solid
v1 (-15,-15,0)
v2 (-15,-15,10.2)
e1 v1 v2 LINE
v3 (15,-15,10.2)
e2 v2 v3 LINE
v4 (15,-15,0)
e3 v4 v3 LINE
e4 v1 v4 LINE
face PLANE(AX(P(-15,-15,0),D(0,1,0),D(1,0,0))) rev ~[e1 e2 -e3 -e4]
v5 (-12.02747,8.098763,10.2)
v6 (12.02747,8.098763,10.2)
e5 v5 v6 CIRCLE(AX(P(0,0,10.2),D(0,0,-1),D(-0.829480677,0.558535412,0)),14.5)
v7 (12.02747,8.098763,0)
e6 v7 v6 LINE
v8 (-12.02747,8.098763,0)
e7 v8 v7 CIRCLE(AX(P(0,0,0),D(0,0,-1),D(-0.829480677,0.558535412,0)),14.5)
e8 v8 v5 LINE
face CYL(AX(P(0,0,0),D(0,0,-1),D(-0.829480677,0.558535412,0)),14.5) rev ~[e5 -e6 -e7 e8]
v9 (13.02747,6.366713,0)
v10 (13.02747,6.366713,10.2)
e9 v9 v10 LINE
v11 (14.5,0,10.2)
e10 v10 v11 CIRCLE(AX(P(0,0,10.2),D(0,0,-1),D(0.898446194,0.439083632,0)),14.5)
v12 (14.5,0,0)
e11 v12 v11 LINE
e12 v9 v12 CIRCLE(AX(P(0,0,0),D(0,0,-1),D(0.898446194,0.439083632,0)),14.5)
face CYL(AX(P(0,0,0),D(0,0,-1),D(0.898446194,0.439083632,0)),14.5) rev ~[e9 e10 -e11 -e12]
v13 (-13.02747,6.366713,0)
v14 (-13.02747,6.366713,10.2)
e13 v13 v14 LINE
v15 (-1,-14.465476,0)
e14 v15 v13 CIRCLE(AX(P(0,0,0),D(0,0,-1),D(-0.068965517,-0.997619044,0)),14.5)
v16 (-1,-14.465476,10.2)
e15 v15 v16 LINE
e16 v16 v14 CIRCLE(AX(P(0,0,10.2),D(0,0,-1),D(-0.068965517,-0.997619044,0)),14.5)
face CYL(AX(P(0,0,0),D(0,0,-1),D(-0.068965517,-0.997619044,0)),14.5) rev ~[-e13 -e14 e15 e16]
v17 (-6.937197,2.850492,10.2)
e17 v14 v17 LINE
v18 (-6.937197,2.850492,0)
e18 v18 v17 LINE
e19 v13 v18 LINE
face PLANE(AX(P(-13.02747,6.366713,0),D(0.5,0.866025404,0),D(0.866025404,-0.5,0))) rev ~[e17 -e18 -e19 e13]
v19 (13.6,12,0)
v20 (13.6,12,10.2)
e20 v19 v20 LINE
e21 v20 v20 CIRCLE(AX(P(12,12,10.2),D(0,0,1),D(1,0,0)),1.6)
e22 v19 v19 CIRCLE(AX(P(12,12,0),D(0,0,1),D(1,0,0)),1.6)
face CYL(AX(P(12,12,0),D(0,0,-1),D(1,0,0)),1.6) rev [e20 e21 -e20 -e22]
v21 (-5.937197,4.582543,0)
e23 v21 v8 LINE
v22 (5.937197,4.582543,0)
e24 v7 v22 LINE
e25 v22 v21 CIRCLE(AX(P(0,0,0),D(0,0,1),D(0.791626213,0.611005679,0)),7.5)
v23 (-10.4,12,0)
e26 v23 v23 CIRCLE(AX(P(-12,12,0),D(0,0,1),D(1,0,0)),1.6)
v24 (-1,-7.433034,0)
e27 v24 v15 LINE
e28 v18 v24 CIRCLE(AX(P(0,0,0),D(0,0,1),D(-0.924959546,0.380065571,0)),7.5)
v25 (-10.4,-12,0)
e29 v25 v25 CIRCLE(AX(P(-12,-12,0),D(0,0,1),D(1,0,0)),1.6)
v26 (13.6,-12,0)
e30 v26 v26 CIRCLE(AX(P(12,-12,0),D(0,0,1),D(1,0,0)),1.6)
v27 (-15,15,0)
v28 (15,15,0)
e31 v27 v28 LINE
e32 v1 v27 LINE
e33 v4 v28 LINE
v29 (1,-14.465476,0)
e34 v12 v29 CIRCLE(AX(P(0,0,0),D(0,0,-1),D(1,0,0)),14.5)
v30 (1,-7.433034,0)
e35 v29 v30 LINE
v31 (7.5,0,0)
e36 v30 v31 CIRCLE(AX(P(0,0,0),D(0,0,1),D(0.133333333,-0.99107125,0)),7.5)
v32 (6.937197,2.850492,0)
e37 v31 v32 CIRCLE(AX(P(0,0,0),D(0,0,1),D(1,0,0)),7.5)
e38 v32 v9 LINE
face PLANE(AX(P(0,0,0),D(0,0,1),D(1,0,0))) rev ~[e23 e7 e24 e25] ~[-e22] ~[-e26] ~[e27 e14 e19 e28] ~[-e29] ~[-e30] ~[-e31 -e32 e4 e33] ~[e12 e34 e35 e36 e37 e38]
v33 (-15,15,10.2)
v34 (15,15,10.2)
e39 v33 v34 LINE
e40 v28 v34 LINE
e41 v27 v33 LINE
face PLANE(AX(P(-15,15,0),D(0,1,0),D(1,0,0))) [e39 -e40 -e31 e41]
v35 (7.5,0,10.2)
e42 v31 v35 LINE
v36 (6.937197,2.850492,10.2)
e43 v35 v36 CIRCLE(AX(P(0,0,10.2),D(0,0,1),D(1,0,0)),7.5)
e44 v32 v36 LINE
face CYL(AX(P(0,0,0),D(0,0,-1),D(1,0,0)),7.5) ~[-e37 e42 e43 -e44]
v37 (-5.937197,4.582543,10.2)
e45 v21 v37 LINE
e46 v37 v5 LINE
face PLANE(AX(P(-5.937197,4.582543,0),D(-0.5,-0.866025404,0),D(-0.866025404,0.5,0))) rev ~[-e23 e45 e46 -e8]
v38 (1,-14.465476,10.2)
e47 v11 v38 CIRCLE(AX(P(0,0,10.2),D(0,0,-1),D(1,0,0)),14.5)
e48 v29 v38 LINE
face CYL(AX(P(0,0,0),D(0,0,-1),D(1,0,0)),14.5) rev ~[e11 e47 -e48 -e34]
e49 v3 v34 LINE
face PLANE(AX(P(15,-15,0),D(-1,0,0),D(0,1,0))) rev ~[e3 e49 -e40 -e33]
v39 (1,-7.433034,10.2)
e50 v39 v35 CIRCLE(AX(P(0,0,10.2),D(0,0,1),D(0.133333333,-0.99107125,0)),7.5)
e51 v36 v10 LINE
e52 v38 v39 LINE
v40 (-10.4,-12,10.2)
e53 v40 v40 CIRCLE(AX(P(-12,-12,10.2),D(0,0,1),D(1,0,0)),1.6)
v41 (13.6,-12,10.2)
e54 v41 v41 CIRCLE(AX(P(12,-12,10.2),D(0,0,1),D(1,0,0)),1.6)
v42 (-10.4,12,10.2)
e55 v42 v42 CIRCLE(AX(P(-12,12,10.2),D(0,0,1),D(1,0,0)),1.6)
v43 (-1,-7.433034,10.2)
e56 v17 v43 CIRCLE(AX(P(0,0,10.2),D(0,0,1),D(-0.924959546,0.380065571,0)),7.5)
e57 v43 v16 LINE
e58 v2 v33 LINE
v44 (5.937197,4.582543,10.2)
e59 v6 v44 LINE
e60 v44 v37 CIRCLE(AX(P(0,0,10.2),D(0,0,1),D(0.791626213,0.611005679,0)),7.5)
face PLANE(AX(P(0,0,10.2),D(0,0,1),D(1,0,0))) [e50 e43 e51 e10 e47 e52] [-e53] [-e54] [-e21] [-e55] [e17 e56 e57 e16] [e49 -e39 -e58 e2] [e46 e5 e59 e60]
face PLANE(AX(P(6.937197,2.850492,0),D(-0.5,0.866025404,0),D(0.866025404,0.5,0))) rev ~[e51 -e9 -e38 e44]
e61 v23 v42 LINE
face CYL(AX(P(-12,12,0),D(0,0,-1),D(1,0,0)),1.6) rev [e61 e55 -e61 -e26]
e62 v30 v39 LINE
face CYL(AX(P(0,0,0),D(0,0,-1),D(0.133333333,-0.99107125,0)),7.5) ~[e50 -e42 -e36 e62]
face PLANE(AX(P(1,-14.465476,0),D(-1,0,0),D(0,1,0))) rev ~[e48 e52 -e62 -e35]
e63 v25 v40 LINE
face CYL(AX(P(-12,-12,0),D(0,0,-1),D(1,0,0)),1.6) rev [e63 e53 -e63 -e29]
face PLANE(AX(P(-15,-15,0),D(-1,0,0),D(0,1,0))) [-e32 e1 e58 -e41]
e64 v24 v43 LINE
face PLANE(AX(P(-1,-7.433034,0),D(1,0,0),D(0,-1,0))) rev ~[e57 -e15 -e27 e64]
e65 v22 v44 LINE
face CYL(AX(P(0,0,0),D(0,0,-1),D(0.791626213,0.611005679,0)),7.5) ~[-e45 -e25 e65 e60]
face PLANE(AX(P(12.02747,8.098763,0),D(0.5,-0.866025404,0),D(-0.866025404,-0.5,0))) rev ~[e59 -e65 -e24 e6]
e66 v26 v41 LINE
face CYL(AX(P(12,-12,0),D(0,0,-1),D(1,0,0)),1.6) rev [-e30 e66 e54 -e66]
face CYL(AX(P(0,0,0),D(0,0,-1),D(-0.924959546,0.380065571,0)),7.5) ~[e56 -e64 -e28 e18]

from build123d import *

# Parameters (mm, degrees)
F0_W     = 30
F0_H     = 30
F0_R     = 1.6
F1_DEPTH = 10.2


with BuildPart() as f1:
    # F0 (on Top) → F1 (new body)
    with BuildSketch(Plane.XY):
        Rectangle(F0_W, F0_H)
        with Locations((-12, -12)):
            Circle(F0_R, mode=Mode.SUBTRACT)
        with Locations((12, -12)):
            Circle(F0_R, mode=Mode.SUBTRACT)
        with Locations((-12, 12)):
            Circle(F0_R, mode=Mode.SUBTRACT)
        with BuildLine():
            ThreePointArc((13.0274698164, 6.366712667), (14.1270717478, 3.2673909823), (14.5, 0))
            ThreePointArc((14.5, 0), (10.6007075236, -9.8931794687), (1, -14.4654761415))
            Line((1, -14.4654761415), (1, -14.5))
            Line((1, -14.5), (0, -14.5))
            Line((0, -14.5), (-1, -14.5))
            Line((-1, -14.5), (-1, -14.4654761415))
            ThreePointArc((-1, -14.4654761415), (-12.5573683549, -7.25), (-13.0274698164, 6.366712667))
            Line((-13.0274698164, 6.366712667), (-13.0573683549, 6.3839745962))
            Line((-13.0573683549, 6.3839745962), (-12.5573697637, 7.2499975598))
            Line((-12.5573697637, 7.2499975598), (-12.0573683549, 8.1160254038))
            Line((-12.0573683549, 8.1160254038), (-12.0274698164, 8.0987634745))
            ThreePointArc((-12.0274698164, 8.0987634745), (0, 14.5), (12.0274698164, 8.0987634745))
            Line((12.0274698164, 8.0987634745), (12.0573683549, 8.1160254038))
            Line((12.0573683549, 8.1160254038), (12.5573697634, 7.2499975604))
            Line((12.5573697634, 7.2499975604), (13.0573683549, 6.3839745962))
            Line((13.0573683549, 6.3839745962), (13.0274698164, 6.366712667))
        make_face(mode=Mode.SUBTRACT)
        with Locations((12, 12)):
            Circle(F0_R, mode=Mode.SUBTRACT)
        with BuildLine():
            Line((6.9371965948, 2.850491783), (13.0274698164, 6.366712667))
            ThreePointArc((13.0274698164, 6.366712667), (12.8000410988, 6.8124113109), (12.5573697634, 7.2499975604))
            ThreePointArc((12.5573697634, 7.2499975604), (12.2997432975, 7.678952716), (12.0274698164, 8.0987634745))
            Line((12.0274698164, 8.0987634745), (5.9371965948, 4.5825425906))
            ThreePointArc((5.9371965948, 4.5825425906), (6.4951905284, 3.75), (6.9371965948, 2.850491783))
        make_face()
        with BuildLine():
            Line((-5.9371965948, 4.5825425906), (-12.0274698164, 8.0987634745))
            ThreePointArc((-12.0274698164, 8.0987634745), (-12.2997432977, 7.6789527158), (-12.5573697637, 7.2499975598))
            ThreePointArc((-12.5573697637, 7.2499975598), (-12.800041099, 6.8124113106), (-13.0274698164, 6.366712667))
            Line((-13.0274698164, 6.366712667), (-6.9371965948, 2.850491783))
            ThreePointArc((-6.9371965948, 2.850491783), (-6.4951905284, 3.75), (-5.9371965948, 4.5825425906))
        make_face()
        with BuildLine():
            ThreePointArc((0, -14.5), (0.5002978855, -14.4913664651), (1, -14.4654761415))
            Line((1, -14.4654761415), (1, -7.4330343737))
            ThreePointArc((1, -7.4330343737), (0, -7.5), (-1, -7.4330343737))
            Line((-1, -7.4330343737), (-1, -14.4654761415))
            ThreePointArc((-1, -14.4654761415), (-0.5002978855, -14.4913664651), (0, -14.5))
        make_face()
        with BuildLine():
            ThreePointArc((7.5, 0), (7.3579540112, 1.4527603965), (6.9371965948, 2.850491783))
            Line((6.9371965948, 2.850491783), (5.9371965948, 4.5825425906))
            ThreePointArc((5.9371965948, 4.5825425906), (0, 7.5), (-5.9371965948, 4.5825425906))
            Line((-5.9371965948, 4.5825425906), (-6.9371965948, 2.850491783))
            ThreePointArc((-6.9371965948, 2.850491783), (-6.4951905284, -3.75), (-1, -7.4330343737))
            Line((-1, -7.4330343737), (1, -7.4330343737))
            ThreePointArc((1, -7.4330343737), (5.6457948953, -4.9371044145), (7.5, 0))
        make_face()
        with BuildLine():
            ThreePointArc((12.5573697634, 7.2499975604), (12.8000410988, 6.8124113109), (13.0274698164, 6.366712667))
            Line((13.0274698164, 6.366712667), (13.0573683549, 6.3839745962))
            Line((13.0573683549, 6.3839745962), (12.5573697634, 7.2499975604))
        make_face()
        with BuildLine():
            ThreePointArc((-1, -7.4330343737), (0, -7.5), (1, -7.4330343737))
            Line((1, -7.4330343737), (-1, -7.4330343737))
        make_face()
        with BuildLine():
            Line((-6.9371965948, 2.850491783), (-5.9371965948, 4.5825425906))
            ThreePointArc((-5.9371965948, 4.5825425906), (-6.4951905284, 3.75), (-6.9371965948, 2.850491783))
        make_face()
        with BuildLine():
            Line((5.9371965948, 4.5825425906), (6.9371965948, 2.850491783))
            ThreePointArc((6.9371965948, 2.850491783), (6.4951905284, 3.75), (5.9371965948, 4.5825425906))
        make_face()
        with BuildLine():
            Line((1, -14.5), (1, -14.4654761415))
            ThreePointArc((1, -14.4654761415), (0.5002978855, -14.4913664651), (0, -14.5))
            Line((0, -14.5), (1, -14.5))
        make_face()
        with BuildLine():
            Line((-1, -14.5), (0, -14.5))
            ThreePointArc((0, -14.5), (-0.5002978855, -14.4913664651), (-1, -14.4654761415))
            Line((-1, -14.4654761415), (-1, -14.5))
        make_face()
        with BuildLine():
            Line((-13.0573683549, 6.3839745962), (-13.0274698164, 6.366712667))
            ThreePointArc((-13.0274698164, 6.366712667), (-12.800041099, 6.8124113106), (-12.5573697637, 7.2499975598))
            Line((-12.5573697637, 7.2499975598), (-13.0573683549, 6.3839745962))
        make_face()
        with BuildLine():
            ThreePointArc((-12.5573697637, 7.2499975598), (-12.2997432977, 7.6789527158), (-12.0274698164, 8.0987634745))
            Line((-12.0274698164, 8.0987634745), (-12.0573683549, 8.1160254038))
            Line((-12.0573683549, 8.1160254038), (-12.5573697637, 7.2499975598))
        make_face()
        with BuildLine():
            ThreePointArc((12.0274698164, 8.0987634745), (12.2997432975, 7.678952716), (12.5573697634, 7.2499975604))
            Line((12.5573697634, 7.2499975604), (12.0573683549, 8.1160254038))
            Line((12.0573683549, 8.1160254038), (12.0274698164, 8.0987634745))
        make_face()
    extrude(amount=F1_DEPTH)


solid = f1.part
